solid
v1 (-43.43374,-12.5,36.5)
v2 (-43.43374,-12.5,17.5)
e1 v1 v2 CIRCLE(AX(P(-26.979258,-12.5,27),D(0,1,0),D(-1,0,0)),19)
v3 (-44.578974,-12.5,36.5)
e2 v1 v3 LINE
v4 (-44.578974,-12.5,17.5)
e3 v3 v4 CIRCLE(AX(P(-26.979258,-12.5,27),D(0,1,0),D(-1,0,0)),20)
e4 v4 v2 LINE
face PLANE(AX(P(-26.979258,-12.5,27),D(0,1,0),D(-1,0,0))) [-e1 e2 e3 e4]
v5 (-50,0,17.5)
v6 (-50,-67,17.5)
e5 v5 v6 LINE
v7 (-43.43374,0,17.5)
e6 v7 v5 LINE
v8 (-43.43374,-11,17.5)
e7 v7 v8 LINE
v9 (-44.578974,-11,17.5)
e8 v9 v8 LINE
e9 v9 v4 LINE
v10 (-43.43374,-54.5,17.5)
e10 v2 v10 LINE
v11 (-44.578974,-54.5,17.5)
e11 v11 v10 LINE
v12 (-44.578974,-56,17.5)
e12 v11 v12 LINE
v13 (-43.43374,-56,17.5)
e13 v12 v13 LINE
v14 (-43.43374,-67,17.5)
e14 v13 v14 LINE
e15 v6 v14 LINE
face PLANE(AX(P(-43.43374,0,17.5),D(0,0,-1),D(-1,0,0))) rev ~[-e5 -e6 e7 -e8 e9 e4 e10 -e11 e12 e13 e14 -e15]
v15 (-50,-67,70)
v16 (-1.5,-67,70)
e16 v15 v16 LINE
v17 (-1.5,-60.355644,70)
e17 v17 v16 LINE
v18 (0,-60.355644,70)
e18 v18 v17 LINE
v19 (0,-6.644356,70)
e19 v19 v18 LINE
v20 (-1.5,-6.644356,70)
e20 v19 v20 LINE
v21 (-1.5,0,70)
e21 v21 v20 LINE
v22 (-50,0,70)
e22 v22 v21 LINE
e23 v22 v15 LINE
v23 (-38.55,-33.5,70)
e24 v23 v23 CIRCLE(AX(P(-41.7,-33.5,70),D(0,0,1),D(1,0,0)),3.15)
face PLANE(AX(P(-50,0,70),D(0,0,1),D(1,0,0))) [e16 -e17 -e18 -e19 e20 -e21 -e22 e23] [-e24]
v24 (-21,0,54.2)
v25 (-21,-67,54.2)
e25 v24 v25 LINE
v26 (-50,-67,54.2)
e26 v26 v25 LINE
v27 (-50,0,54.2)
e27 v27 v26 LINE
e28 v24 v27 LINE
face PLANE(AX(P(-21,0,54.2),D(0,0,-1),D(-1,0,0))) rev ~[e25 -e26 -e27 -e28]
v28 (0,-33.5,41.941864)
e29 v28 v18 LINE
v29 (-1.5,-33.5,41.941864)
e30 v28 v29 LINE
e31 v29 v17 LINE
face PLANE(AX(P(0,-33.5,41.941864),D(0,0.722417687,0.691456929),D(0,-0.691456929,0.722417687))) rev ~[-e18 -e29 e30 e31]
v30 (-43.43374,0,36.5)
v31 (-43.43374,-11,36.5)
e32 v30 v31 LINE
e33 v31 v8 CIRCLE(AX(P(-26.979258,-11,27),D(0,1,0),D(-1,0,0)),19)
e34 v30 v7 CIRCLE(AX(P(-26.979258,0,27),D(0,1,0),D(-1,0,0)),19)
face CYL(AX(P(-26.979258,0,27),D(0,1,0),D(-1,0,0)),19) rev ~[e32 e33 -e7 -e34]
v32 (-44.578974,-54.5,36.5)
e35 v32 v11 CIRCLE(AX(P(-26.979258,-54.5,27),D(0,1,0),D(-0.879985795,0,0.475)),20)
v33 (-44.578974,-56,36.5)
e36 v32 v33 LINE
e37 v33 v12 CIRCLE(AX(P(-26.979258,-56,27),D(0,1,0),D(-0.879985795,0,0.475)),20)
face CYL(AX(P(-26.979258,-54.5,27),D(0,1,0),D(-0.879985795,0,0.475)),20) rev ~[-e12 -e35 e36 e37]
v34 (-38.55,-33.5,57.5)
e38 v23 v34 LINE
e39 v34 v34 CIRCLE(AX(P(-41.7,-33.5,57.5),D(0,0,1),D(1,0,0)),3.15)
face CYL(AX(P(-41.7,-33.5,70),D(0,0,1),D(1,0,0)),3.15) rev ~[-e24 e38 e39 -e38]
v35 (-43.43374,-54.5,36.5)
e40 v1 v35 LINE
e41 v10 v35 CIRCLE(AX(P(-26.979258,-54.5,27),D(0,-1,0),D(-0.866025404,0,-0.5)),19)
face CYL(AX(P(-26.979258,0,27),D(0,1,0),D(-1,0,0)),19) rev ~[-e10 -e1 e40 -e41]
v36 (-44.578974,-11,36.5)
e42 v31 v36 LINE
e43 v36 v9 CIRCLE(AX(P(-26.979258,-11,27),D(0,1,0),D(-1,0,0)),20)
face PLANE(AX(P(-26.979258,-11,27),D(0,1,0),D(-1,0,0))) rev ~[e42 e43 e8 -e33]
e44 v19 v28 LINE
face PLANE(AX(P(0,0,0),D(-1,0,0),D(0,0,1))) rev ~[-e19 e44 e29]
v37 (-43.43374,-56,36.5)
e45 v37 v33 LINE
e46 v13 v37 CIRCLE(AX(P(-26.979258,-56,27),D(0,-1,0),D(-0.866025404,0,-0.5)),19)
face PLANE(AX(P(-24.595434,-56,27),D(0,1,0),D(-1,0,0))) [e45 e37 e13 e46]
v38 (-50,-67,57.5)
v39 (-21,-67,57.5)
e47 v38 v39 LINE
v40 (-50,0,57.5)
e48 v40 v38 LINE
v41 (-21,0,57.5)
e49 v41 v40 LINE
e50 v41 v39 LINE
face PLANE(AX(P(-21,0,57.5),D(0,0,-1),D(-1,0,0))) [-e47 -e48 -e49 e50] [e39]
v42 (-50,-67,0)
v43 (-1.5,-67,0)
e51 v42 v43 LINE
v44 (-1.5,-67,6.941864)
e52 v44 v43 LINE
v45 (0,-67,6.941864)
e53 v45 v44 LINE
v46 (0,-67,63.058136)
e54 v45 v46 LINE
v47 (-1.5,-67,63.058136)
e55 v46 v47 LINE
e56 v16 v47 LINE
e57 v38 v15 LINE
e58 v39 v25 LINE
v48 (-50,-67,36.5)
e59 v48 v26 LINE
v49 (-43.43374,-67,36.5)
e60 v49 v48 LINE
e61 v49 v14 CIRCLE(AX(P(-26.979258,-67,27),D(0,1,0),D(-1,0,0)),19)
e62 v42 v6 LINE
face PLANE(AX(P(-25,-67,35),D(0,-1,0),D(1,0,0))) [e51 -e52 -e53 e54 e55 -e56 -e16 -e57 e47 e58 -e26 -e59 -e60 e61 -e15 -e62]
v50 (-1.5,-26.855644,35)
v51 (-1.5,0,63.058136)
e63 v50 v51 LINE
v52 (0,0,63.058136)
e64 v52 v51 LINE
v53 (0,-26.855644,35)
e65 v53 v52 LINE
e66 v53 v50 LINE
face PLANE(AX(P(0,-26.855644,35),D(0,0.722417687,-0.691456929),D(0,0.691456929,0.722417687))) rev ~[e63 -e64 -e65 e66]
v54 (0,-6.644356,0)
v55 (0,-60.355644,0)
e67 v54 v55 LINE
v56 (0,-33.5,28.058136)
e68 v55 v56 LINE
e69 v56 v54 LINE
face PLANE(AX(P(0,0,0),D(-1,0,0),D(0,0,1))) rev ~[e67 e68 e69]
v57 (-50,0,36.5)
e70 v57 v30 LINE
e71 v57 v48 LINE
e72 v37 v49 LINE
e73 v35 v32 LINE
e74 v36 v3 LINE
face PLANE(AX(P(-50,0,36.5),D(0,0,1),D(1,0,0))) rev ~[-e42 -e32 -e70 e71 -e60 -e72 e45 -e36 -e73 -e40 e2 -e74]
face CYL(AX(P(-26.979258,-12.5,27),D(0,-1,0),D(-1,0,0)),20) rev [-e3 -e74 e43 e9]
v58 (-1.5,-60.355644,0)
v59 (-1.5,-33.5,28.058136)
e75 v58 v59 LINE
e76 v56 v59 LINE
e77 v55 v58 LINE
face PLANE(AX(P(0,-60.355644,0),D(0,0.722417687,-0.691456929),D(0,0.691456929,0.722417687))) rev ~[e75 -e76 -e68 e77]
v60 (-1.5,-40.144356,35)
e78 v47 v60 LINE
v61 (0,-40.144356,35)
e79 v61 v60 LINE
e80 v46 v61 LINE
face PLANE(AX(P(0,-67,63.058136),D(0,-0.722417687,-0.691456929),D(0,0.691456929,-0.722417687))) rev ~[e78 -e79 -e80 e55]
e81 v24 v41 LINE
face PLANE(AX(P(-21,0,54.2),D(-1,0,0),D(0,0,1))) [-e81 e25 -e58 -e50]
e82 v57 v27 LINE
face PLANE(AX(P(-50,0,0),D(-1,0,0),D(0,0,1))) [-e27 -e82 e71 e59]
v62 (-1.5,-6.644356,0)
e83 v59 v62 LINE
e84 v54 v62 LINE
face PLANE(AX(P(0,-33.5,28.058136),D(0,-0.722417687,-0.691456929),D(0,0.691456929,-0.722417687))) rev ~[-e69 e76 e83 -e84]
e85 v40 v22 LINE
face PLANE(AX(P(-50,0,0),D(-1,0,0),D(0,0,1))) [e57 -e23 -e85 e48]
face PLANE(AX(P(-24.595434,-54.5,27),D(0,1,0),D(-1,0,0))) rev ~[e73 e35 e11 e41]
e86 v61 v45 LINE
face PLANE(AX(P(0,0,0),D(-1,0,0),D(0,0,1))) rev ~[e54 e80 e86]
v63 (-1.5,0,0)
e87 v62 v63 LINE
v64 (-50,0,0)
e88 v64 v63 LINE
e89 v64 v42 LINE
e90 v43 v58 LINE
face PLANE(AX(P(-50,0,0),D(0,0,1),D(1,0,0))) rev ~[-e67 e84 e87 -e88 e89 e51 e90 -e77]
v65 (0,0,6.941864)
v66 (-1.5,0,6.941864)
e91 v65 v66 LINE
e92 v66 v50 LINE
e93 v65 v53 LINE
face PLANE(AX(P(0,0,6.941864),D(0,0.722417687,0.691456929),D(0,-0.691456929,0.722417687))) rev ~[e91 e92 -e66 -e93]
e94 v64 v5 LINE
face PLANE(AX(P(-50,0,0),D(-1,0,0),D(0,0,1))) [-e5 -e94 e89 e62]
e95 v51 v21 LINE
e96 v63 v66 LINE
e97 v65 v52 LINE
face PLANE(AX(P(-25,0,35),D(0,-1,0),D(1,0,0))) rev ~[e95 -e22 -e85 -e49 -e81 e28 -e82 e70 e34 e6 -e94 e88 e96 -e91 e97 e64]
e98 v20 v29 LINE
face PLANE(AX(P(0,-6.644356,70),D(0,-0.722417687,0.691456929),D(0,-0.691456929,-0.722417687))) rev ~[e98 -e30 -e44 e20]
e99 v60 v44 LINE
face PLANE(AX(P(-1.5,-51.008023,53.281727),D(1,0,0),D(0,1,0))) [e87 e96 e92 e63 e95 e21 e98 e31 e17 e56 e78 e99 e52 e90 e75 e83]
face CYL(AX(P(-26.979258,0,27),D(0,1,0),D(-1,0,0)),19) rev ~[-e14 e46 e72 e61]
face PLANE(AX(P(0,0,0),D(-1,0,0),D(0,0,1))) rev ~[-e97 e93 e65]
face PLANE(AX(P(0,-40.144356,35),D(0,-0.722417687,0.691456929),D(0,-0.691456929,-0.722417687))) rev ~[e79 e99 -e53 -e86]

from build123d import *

# Parameters (mm, degrees)
F0_W      = 50
F0_H      = 70
F1_DEPTH  = 67
F3_DEPTH  = 1.5
F4_W      = 29
F4_H      = 3.3
F5_DEPTH  = 67.001
F6_R      = 3.15
F7_DEPTH  = 12.5
F9_R      = 20
F10_DEPTH = 1.5
F13_DEPTH = 1.5


with BuildPart() as f1:
    # F0 (on Front) → F1 (new body)
    with BuildSketch(Plane.XZ):
        with Locations((-25, 35)):
            Rectangle(F0_W, F0_H)
    extrude(amount=F1_DEPTH)

    # F2 (on face) → F3 (cut)
    with BuildSketch(Plane.YZ):
        Polygon((-60.3556444086, 70), (-67, 70), (-67, 63.0581359493), (-40.1443555914, 35), (-33.5, 41.9418640507), align=None)
        Polygon((0, 70), (-6.6443555914, 70), (-33.5, 41.9418640507), (-26.8556444086, 35), (0, 63.0581359493), align=None)
        Polygon((-26.8556444086, 35), (-33.5, 41.9418640507), (-40.1443555914, 35), (-33.5, 28.0581359493), align=None)
        Polygon((-40.1443555914, 35), (-67, 6.9418640507), (-67, 0), (-60.3556444086, 0), (-33.5, 28.0581359493), align=None)
        Polygon((0, 6.9418640507), (-26.8556444086, 35), (-33.5, 28.0581359493), (-6.6443555914, 0), (0, 0), align=None)
    extrude(amount=-F3_DEPTH, mode=Mode.SUBTRACT)

    # F4 (on face) → F5 (cut, through all)
    with BuildSketch(Plane(origin=(0, 0, 0), x_dir=(-1, 0, 0), z_dir=(0, 1, 0))):
        with Locations((35.5, 55.85)):
            Rectangle(F4_W, F4_H)
        with BuildLine():
            Line((26.9792577421, 36.5), (43.433740414, 36.5))
            ThreePointArc((43.433740414, 36.5), (7.9792577421, 27), (43.433740414, 17.5))
            Line((43.433740414, 17.5), (26.9792577421, 17.5))
            Line((26.9792577421, 17.5), (26.9792577421, 36.5))
        make_face()
        with BuildLine():
            ThreePointArc((45.9792577421, 27), (45.3318484416, 31.9175618569), (43.433740414, 36.5))
            Line((43.433740414, 36.5), (26.9792577421, 36.5))
            Line((26.9792577421, 36.5), (26.9792577421, 17.5))
            Line((26.9792577421, 17.5), (43.433740414, 17.5))
            ThreePointArc((43.433740414, 17.5), (45.3318484416, 22.0824381431), (45.9792577421, 27))
        make_face()
        with BuildLine():
            Line((50, 17.5), (50, 36.5))
            Line((50, 36.5), (43.433740414, 36.5))
            ThreePointArc((43.433740414, 36.5), (45.3318484416, 31.9175618569), (45.9792577421, 27))
            ThreePointArc((45.9792577421, 27), (45.3318484416, 22.0824381431), (43.433740414, 17.5))
            Line((43.433740414, 17.5), (50, 17.5))
        make_face()
    extrude(amount=-F5_DEPTH, mode=Mode.SUBTRACT)

    # F6 (on face) → F7 (cut, through all)
    with BuildSketch(Plane.XY.offset(70)):
        with Locations((-41.7, -33.5)):
            Circle(F6_R)
    extrude(amount=-F7_DEPTH, mode=Mode.SUBTRACT)

    # F9 (on offset) → F10 (cut)
    with BuildSketch(Plane(origin=(0, -12.5, 0), x_dir=(-1, 0, 0), z_dir=(0, 1, 0))):
        with Locations((26.9792577421, 27)):
            Circle(F9_R)
    extrude(amount=F10_DEPTH, mode=Mode.SUBTRACT)

    # F12 (on offset) → F13 (cut)
    with BuildSketch(Plane(origin=(0, -54.5, 0), x_dir=(-1, 0, 0), z_dir=(0, 1, 0))):
        with BuildLine():
            Line((43.433740414, 36.5), (44.5789736489, 36.5))
            ThreePointArc((44.5789736489, 36.5), (6.9792577421, 27), (44.5789736489, 17.5))
            Line((44.5789736489, 17.5), (43.433740414, 17.5))
            ThreePointArc((43.433740414, 17.5), (7.9792577421, 27), (43.433740414, 36.5))
        make_face()
    extrude(amount=-F13_DEPTH, mode=Mode.SUBTRACT)


solid = f1.part
